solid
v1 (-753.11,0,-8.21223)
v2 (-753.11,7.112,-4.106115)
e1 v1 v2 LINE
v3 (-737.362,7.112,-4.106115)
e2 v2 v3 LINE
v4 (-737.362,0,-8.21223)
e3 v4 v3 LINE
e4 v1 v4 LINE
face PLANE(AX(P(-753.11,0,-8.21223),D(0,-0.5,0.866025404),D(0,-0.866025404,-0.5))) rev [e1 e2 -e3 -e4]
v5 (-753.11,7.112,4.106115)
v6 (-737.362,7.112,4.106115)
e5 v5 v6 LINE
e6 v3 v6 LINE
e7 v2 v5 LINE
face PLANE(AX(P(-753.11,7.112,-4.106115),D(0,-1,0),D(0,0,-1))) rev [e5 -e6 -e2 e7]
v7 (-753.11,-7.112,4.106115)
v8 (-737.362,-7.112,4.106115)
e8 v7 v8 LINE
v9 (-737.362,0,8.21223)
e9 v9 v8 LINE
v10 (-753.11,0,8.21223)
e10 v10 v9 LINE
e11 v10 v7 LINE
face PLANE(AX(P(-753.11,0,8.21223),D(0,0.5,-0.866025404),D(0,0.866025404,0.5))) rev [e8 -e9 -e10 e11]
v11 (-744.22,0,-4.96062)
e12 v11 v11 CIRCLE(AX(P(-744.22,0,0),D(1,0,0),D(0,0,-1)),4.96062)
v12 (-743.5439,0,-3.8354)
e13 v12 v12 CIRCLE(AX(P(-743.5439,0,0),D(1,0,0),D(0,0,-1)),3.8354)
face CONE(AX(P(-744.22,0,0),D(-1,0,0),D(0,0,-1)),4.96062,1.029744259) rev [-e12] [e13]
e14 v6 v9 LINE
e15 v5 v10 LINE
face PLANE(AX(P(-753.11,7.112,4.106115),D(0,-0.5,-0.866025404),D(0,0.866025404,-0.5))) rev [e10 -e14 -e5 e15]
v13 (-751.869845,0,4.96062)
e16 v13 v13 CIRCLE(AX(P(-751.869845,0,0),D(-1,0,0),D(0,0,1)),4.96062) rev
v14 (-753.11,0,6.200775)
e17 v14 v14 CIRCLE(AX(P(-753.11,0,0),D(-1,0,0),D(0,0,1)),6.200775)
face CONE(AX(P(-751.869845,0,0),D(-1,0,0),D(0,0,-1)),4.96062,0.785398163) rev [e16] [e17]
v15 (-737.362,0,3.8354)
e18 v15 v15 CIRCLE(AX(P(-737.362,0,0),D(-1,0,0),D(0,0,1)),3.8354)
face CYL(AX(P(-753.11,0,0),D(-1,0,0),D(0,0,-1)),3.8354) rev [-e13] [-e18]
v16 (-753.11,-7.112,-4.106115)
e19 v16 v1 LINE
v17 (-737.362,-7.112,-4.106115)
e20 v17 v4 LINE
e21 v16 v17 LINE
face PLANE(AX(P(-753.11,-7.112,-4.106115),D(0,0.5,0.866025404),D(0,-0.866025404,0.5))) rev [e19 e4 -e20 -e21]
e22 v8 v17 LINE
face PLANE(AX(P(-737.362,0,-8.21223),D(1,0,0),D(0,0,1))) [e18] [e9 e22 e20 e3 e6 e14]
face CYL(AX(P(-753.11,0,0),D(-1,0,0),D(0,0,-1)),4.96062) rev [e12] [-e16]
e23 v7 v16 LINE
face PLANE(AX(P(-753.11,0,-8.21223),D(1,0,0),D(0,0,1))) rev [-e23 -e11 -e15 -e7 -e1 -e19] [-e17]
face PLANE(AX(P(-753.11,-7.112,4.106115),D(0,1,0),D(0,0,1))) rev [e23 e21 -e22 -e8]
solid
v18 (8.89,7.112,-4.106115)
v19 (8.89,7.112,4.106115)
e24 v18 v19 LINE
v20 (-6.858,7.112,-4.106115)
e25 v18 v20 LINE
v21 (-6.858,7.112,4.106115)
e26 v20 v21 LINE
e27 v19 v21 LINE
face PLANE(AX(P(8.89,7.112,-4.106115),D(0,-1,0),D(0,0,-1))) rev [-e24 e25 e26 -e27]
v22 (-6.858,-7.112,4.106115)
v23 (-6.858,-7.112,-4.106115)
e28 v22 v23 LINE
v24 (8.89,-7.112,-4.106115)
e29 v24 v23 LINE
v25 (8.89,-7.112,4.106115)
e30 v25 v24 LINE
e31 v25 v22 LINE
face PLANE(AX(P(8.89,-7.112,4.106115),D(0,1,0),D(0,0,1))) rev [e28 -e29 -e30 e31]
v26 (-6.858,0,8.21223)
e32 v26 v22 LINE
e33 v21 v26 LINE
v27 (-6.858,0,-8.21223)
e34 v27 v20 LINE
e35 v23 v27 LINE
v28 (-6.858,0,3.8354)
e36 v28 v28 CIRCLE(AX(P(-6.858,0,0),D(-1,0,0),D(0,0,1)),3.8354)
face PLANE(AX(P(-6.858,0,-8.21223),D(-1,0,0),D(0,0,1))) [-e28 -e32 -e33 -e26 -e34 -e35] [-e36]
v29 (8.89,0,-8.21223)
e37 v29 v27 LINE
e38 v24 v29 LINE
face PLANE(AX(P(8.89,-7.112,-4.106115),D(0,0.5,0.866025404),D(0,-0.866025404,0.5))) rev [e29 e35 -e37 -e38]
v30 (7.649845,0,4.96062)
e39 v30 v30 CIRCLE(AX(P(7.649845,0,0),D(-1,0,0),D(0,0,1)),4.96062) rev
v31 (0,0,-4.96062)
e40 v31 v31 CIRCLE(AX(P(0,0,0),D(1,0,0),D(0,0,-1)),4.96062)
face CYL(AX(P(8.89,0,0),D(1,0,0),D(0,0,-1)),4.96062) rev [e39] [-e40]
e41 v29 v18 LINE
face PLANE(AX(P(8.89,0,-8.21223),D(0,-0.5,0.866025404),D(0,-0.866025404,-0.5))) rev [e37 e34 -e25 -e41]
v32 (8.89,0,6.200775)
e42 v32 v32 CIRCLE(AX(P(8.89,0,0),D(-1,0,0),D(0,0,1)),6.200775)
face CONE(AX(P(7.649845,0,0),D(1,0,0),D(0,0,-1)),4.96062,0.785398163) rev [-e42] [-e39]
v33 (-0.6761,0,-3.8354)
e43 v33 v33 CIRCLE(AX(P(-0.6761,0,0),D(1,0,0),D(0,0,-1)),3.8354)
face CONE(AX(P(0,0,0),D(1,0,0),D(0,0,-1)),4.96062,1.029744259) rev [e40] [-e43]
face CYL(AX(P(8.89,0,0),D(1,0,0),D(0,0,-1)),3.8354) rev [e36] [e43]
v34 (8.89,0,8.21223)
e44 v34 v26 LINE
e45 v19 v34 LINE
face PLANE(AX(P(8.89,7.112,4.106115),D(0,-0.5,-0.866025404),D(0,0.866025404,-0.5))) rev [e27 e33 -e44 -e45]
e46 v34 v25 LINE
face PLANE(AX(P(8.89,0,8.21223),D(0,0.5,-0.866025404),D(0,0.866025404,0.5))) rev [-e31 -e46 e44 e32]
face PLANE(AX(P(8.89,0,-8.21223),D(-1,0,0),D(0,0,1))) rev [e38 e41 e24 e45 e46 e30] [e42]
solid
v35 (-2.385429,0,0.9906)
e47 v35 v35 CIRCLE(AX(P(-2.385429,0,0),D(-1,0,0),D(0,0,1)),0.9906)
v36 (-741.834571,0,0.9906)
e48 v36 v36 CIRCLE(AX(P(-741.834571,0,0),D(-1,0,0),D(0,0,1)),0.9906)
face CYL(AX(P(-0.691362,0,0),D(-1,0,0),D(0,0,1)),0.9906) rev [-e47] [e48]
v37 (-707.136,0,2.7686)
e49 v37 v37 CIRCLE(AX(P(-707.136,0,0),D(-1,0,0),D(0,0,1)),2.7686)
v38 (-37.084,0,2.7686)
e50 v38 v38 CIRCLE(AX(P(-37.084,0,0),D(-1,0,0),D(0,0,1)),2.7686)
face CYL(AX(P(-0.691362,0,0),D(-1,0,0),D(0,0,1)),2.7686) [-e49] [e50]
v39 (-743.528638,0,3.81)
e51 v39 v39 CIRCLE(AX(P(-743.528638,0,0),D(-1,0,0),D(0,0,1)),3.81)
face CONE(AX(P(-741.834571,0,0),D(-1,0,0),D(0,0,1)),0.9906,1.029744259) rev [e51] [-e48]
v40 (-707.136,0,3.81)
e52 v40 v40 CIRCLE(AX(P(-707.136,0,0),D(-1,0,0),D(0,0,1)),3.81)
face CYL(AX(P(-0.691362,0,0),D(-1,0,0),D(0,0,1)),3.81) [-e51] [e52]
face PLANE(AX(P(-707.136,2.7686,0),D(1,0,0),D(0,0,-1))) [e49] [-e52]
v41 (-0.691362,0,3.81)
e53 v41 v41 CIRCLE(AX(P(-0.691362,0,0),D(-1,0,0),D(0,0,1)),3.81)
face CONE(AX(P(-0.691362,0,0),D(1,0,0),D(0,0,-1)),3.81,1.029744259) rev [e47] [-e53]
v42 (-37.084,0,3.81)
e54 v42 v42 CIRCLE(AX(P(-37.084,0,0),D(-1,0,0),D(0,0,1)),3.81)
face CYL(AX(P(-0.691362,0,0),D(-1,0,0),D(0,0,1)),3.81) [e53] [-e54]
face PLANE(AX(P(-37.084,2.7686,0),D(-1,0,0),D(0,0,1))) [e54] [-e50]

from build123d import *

# Parameters (mm, degrees)
EXTRUDE2_DEPTH = 15.748
CHAMFER2_SIZE  = 1.240155


with BuildPart() as part:
    # Sketch5 → Extrude2 (new body)
    with BuildSketch(Plane(origin=(-6.858, 0, 0), x_dir=(0, 0, -1), z_dir=(1, 0, 0))):
        Polygon((4.106115114, 7.112), (-4.106115114, 7.112), (-8.212230229, 0), (-4.106115114, -7.112), (4.106115114, -7.112), (8.212230229, 0), align=None)
    extrude(amount=EXTRUDE2_DEPTH)

    # Sketch6 → Hole2 (revolve, cut)
    with BuildSketch(Plane(origin=(8.89, 0, 0), x_dir=(0, 0, -1), z_dir=(0, 1, 0))):
        Polygon((0, 0), (0, 15.748), (3.8354, 15.748), (3.8354, 9.566100386), (4.96062, 8.89), (4.96062, 0), align=None)
    revolve(axis=Axis((15.020023899, 0, 0), (-1, 0, 0)), mode=Mode.SUBTRACT)

    # Chamfer2
    chamfer2_edges = [part.edges().sort_by_distance(p)[0] for p in [
        (8.89, 0, 4.96062),
    ]]
    chamfer(chamfer2_edges, length=CHAMFER2_SIZE)


with BuildPart() as body_2:
    # Sketch8 → Revolve2 (revolve)
    with BuildSketch(Plane(origin=(0, 0, 0), x_dir=(-1, 0, 0), z_dir=(0, 0, -1)), mode=Mode.PRIVATE) as revolve2_sk:
        Polygon((0.691362245, 3.81), (2.385428675, 0.9906), (741.834571325, 0.9906), (743.528637755, 3.81), (707.136, 3.81), (707.136, 2.7686), (37.084, 2.7686), (37.084, 3.81), align=None)
    revolve(revolve2_sk.sketch.rotate(Axis((-0.691362245, 0, 0), (-1, 0, 0)), 270), axis=Axis((-0.691362245, 0, 0), (-1, 0, 0)))  # turned: the seam where the file's is


with BuildPart() as body_3:
    # Mirror2: mirrored copy
    add(part.part.mirror(Plane(origin=(-372.11, 0, 0), x_dir=(0, 0, 1), z_dir=(1, 0, 0))))


solid = Compound([part.part, body_2.part, body_3.part])
